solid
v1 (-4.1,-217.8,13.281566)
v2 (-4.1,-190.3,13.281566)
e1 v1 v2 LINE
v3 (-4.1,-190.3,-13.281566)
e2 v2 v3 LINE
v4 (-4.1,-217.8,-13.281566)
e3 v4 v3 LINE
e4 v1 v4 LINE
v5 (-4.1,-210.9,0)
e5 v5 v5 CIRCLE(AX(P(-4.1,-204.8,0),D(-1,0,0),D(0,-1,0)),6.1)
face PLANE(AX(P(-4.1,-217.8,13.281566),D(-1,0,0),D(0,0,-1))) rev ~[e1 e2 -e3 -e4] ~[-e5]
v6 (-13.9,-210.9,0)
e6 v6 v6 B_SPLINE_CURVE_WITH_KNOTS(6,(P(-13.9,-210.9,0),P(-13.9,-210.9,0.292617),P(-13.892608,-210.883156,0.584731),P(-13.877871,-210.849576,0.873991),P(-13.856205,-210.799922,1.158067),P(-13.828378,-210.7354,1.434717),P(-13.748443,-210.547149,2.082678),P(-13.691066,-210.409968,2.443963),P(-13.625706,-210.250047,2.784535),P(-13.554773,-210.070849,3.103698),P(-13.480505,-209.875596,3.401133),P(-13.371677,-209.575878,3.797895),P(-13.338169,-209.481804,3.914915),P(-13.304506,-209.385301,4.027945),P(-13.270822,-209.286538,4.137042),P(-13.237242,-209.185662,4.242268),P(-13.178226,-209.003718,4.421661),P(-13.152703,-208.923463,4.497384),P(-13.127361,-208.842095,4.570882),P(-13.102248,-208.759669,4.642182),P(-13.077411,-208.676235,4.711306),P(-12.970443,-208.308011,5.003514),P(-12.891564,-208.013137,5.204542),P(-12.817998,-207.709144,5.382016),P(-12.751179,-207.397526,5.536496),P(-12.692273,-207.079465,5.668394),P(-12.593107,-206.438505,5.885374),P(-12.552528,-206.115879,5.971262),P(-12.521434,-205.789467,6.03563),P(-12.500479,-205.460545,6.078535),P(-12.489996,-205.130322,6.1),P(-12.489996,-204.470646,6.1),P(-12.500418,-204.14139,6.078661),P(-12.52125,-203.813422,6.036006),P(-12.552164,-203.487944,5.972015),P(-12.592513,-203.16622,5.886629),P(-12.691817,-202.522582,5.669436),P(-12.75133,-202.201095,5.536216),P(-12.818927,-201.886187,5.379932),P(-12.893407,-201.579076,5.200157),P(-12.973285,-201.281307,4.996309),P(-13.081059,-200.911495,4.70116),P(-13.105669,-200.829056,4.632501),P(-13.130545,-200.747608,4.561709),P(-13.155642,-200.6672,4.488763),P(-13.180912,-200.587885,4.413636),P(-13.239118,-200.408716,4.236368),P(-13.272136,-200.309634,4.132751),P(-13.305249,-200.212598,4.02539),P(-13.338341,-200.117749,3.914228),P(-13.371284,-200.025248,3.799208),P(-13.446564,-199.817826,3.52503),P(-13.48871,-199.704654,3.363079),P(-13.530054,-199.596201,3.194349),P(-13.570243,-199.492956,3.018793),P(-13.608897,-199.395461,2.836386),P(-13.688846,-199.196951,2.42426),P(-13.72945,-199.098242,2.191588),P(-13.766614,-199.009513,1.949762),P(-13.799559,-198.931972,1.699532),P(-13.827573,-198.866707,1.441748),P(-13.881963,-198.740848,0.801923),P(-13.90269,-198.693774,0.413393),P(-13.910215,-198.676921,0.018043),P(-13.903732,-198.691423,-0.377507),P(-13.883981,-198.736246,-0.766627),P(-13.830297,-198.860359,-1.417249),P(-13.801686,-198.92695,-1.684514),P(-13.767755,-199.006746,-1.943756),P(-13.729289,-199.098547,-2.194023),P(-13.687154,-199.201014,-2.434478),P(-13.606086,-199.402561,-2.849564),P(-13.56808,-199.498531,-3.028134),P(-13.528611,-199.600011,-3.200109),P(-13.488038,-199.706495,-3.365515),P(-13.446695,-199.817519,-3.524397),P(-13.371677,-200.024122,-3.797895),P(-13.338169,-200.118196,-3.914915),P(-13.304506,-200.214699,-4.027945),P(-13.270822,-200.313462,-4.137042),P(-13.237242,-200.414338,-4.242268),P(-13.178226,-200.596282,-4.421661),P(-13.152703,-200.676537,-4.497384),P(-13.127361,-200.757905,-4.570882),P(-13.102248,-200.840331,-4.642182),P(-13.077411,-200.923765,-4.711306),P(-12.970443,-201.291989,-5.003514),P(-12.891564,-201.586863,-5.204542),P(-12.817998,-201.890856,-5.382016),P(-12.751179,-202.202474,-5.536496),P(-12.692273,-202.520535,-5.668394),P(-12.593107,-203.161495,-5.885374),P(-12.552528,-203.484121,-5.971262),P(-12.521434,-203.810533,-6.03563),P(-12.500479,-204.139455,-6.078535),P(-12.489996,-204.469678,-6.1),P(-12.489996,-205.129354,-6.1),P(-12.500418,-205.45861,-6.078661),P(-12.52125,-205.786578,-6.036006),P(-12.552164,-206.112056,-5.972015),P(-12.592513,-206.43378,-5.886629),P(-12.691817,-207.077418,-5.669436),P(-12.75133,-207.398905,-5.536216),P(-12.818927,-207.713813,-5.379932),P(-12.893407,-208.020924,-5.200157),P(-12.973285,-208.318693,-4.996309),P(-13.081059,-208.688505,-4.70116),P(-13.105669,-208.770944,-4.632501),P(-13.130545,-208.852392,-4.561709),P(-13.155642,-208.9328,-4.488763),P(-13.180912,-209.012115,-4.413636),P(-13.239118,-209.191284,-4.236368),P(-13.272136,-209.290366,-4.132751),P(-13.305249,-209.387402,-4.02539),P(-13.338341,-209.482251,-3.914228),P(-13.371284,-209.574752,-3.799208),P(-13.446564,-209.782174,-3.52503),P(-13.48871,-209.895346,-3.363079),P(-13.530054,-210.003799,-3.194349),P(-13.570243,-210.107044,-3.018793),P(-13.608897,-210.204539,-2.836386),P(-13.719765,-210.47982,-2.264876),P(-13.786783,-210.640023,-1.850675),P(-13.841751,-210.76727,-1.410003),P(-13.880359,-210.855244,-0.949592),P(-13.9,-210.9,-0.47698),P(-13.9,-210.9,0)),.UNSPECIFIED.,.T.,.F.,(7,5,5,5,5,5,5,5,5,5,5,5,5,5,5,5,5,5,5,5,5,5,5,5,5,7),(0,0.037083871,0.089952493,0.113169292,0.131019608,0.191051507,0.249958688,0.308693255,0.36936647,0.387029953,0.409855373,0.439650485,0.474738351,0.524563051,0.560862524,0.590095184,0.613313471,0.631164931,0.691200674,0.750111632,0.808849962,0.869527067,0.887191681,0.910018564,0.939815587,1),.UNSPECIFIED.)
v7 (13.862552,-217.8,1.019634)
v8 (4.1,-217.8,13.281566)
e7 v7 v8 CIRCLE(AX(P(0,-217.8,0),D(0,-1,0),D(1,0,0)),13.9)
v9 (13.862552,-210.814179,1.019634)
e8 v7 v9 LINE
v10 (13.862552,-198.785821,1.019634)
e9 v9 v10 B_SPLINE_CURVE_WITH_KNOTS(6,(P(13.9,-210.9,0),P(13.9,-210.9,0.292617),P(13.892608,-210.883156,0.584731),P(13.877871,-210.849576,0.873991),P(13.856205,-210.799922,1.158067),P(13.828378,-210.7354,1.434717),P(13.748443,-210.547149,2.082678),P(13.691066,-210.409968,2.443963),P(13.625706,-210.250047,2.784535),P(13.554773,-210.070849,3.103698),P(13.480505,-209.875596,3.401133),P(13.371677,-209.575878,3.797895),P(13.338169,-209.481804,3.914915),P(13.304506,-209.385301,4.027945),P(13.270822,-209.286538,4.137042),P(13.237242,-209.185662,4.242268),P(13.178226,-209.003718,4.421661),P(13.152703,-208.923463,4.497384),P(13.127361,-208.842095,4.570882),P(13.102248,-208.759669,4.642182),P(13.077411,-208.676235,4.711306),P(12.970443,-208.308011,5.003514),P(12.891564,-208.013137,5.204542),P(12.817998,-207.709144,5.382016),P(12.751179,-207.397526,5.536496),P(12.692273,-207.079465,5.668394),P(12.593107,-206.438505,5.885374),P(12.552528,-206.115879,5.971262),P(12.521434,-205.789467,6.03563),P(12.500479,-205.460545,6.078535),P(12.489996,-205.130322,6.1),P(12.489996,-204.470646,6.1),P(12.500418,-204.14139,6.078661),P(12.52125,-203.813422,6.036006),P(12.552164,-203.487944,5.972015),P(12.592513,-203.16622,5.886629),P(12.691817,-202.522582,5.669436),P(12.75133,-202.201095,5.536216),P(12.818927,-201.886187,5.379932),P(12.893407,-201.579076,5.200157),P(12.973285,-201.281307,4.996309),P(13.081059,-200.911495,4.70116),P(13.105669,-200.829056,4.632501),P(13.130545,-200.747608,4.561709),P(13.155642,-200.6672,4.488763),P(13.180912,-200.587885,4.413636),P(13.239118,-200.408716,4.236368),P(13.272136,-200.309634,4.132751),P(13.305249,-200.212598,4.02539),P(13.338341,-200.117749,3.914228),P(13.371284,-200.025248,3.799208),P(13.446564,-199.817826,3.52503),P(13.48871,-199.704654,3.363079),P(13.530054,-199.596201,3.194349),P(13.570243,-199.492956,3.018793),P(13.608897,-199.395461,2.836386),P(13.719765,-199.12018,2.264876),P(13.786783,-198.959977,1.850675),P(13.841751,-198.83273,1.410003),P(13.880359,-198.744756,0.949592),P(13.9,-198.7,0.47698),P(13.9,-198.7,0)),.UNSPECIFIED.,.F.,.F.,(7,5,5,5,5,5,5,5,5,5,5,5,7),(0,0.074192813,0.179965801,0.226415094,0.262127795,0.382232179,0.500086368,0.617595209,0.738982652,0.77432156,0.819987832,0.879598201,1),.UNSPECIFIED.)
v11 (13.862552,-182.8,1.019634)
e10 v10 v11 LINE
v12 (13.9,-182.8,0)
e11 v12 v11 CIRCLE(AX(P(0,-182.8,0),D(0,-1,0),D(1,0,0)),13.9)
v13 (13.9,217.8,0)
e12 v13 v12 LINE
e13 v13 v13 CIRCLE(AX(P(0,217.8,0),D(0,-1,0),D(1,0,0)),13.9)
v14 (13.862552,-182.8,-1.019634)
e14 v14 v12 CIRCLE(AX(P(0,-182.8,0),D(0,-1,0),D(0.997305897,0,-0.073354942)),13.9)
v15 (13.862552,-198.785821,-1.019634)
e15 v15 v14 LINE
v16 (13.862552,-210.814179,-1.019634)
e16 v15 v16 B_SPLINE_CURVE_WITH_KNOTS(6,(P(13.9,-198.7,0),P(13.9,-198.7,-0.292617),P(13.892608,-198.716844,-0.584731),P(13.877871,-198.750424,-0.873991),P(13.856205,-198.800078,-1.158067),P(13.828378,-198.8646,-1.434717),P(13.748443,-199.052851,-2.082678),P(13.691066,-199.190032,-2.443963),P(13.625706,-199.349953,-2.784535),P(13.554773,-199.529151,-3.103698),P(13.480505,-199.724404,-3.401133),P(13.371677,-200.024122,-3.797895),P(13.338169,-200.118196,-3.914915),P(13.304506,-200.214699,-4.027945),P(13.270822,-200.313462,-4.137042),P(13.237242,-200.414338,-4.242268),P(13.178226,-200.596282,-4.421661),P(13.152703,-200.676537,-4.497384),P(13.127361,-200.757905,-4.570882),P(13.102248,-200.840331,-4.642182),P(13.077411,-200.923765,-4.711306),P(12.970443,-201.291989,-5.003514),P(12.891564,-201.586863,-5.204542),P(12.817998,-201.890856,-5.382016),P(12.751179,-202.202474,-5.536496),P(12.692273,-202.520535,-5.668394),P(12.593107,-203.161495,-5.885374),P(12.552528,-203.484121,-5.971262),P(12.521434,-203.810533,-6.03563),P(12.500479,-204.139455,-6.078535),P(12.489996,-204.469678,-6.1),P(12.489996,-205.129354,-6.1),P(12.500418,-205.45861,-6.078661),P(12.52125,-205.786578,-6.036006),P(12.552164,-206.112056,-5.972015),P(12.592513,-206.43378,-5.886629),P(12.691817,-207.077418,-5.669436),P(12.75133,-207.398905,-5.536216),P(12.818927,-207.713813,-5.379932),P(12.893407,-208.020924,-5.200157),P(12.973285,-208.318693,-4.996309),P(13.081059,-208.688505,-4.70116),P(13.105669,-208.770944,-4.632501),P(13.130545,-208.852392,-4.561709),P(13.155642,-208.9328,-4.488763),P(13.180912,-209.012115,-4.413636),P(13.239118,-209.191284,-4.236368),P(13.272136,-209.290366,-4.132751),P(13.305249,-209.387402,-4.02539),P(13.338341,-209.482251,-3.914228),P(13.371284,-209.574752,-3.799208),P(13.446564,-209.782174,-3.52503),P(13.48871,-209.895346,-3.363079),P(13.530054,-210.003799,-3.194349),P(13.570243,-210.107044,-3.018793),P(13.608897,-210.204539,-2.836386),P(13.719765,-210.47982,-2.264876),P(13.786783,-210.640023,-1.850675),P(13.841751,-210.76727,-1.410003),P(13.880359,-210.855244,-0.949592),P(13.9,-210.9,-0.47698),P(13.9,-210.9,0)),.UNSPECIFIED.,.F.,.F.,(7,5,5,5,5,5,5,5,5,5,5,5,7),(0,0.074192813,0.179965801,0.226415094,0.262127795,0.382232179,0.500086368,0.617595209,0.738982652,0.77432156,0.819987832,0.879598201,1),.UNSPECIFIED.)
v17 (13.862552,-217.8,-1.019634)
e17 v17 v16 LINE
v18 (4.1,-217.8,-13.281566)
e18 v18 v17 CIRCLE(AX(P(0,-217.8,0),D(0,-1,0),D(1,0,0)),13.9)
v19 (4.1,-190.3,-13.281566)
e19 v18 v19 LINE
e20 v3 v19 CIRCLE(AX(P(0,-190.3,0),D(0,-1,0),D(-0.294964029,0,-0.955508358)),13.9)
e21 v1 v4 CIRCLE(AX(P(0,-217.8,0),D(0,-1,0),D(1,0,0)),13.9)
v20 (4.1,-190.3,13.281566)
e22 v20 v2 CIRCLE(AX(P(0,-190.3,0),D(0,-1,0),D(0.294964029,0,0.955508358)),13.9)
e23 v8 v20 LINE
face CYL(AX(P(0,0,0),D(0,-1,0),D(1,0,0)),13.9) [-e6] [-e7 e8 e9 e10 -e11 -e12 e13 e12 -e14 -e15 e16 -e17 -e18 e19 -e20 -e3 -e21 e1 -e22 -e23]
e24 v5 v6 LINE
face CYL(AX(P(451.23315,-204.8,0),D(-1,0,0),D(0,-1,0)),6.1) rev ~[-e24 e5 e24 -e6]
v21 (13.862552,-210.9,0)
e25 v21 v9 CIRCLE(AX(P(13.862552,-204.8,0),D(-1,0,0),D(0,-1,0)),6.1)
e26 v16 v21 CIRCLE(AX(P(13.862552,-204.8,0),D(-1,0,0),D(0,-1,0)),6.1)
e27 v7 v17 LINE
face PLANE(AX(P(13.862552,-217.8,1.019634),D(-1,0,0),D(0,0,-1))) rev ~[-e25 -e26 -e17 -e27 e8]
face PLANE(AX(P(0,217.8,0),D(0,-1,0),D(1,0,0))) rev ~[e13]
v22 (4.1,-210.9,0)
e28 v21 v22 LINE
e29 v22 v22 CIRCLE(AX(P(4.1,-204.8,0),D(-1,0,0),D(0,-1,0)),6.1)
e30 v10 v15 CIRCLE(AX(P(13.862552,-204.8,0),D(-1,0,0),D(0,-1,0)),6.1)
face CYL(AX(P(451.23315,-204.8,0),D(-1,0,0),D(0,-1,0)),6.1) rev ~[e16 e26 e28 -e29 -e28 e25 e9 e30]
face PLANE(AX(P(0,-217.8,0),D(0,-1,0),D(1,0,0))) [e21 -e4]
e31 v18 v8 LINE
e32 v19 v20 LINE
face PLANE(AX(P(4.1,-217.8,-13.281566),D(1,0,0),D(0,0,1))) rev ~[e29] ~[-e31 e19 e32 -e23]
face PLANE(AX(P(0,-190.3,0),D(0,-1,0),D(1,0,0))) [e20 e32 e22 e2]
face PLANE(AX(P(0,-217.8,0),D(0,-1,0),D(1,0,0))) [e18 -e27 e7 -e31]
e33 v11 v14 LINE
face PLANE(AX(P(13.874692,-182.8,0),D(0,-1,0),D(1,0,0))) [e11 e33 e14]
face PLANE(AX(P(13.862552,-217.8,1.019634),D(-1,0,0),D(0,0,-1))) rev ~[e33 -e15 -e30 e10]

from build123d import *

# Parameters (mm, degrees)
F0_R     = 13.9
F1_DEPTH = 217.8
F3_DEPTH = 35
F5_D     = 12.2
F7_DEPTH = 27.5


with BuildPart() as f1:
    # F0 (on Front) → F1 (new body, symmetric)
    with BuildSketch(Plane.XZ):
        Circle(F0_R)
    extrude(amount=F1_DEPTH, both=True)

    # F2 (on face) → F3 (cut)
    with BuildSketch(Plane.XZ.offset(217.8)):
        with BuildLine():
            ThreePointArc((13.9, 0), (13.8906348377, 0.5101605694), (13.8625519703, 1.0196336946))
            Line((13.8625519703, 1.0196336946), (13.8625519703, -1.0196336946))
            ThreePointArc((13.8625519703, -1.0196336946), (13.8906348377, -0.5101605694), (13.9, 0))
        make_face()
    extrude(amount=-F3_DEPTH, mode=Mode.SUBTRACT)

    # F5 (through all)
    with Locations(Plane.YZ.offset(13.8625519703)):
        with Locations((-204.8, 0)):
            Hole(F5_D / 2)

    # F6 (on face) → F7 (cut)
    with BuildSketch(Plane.XZ.offset(217.8)):
        with BuildLine():
            ThreePointArc((4.1, 13.2815661727), (0, 13.9), (-4.1, 13.2815661727))
            Line((-4.1, 13.2815661727), (-4.1, -13.2815661727))
            ThreePointArc((-4.1, -13.2815661727), (0, -13.9), (4.1, -13.2815661727))
            Line((4.1, -13.2815661727), (4.1, 13.2815661727))
        make_face()
    extrude(amount=-F7_DEPTH, mode=Mode.SUBTRACT)


solid = f1.part
